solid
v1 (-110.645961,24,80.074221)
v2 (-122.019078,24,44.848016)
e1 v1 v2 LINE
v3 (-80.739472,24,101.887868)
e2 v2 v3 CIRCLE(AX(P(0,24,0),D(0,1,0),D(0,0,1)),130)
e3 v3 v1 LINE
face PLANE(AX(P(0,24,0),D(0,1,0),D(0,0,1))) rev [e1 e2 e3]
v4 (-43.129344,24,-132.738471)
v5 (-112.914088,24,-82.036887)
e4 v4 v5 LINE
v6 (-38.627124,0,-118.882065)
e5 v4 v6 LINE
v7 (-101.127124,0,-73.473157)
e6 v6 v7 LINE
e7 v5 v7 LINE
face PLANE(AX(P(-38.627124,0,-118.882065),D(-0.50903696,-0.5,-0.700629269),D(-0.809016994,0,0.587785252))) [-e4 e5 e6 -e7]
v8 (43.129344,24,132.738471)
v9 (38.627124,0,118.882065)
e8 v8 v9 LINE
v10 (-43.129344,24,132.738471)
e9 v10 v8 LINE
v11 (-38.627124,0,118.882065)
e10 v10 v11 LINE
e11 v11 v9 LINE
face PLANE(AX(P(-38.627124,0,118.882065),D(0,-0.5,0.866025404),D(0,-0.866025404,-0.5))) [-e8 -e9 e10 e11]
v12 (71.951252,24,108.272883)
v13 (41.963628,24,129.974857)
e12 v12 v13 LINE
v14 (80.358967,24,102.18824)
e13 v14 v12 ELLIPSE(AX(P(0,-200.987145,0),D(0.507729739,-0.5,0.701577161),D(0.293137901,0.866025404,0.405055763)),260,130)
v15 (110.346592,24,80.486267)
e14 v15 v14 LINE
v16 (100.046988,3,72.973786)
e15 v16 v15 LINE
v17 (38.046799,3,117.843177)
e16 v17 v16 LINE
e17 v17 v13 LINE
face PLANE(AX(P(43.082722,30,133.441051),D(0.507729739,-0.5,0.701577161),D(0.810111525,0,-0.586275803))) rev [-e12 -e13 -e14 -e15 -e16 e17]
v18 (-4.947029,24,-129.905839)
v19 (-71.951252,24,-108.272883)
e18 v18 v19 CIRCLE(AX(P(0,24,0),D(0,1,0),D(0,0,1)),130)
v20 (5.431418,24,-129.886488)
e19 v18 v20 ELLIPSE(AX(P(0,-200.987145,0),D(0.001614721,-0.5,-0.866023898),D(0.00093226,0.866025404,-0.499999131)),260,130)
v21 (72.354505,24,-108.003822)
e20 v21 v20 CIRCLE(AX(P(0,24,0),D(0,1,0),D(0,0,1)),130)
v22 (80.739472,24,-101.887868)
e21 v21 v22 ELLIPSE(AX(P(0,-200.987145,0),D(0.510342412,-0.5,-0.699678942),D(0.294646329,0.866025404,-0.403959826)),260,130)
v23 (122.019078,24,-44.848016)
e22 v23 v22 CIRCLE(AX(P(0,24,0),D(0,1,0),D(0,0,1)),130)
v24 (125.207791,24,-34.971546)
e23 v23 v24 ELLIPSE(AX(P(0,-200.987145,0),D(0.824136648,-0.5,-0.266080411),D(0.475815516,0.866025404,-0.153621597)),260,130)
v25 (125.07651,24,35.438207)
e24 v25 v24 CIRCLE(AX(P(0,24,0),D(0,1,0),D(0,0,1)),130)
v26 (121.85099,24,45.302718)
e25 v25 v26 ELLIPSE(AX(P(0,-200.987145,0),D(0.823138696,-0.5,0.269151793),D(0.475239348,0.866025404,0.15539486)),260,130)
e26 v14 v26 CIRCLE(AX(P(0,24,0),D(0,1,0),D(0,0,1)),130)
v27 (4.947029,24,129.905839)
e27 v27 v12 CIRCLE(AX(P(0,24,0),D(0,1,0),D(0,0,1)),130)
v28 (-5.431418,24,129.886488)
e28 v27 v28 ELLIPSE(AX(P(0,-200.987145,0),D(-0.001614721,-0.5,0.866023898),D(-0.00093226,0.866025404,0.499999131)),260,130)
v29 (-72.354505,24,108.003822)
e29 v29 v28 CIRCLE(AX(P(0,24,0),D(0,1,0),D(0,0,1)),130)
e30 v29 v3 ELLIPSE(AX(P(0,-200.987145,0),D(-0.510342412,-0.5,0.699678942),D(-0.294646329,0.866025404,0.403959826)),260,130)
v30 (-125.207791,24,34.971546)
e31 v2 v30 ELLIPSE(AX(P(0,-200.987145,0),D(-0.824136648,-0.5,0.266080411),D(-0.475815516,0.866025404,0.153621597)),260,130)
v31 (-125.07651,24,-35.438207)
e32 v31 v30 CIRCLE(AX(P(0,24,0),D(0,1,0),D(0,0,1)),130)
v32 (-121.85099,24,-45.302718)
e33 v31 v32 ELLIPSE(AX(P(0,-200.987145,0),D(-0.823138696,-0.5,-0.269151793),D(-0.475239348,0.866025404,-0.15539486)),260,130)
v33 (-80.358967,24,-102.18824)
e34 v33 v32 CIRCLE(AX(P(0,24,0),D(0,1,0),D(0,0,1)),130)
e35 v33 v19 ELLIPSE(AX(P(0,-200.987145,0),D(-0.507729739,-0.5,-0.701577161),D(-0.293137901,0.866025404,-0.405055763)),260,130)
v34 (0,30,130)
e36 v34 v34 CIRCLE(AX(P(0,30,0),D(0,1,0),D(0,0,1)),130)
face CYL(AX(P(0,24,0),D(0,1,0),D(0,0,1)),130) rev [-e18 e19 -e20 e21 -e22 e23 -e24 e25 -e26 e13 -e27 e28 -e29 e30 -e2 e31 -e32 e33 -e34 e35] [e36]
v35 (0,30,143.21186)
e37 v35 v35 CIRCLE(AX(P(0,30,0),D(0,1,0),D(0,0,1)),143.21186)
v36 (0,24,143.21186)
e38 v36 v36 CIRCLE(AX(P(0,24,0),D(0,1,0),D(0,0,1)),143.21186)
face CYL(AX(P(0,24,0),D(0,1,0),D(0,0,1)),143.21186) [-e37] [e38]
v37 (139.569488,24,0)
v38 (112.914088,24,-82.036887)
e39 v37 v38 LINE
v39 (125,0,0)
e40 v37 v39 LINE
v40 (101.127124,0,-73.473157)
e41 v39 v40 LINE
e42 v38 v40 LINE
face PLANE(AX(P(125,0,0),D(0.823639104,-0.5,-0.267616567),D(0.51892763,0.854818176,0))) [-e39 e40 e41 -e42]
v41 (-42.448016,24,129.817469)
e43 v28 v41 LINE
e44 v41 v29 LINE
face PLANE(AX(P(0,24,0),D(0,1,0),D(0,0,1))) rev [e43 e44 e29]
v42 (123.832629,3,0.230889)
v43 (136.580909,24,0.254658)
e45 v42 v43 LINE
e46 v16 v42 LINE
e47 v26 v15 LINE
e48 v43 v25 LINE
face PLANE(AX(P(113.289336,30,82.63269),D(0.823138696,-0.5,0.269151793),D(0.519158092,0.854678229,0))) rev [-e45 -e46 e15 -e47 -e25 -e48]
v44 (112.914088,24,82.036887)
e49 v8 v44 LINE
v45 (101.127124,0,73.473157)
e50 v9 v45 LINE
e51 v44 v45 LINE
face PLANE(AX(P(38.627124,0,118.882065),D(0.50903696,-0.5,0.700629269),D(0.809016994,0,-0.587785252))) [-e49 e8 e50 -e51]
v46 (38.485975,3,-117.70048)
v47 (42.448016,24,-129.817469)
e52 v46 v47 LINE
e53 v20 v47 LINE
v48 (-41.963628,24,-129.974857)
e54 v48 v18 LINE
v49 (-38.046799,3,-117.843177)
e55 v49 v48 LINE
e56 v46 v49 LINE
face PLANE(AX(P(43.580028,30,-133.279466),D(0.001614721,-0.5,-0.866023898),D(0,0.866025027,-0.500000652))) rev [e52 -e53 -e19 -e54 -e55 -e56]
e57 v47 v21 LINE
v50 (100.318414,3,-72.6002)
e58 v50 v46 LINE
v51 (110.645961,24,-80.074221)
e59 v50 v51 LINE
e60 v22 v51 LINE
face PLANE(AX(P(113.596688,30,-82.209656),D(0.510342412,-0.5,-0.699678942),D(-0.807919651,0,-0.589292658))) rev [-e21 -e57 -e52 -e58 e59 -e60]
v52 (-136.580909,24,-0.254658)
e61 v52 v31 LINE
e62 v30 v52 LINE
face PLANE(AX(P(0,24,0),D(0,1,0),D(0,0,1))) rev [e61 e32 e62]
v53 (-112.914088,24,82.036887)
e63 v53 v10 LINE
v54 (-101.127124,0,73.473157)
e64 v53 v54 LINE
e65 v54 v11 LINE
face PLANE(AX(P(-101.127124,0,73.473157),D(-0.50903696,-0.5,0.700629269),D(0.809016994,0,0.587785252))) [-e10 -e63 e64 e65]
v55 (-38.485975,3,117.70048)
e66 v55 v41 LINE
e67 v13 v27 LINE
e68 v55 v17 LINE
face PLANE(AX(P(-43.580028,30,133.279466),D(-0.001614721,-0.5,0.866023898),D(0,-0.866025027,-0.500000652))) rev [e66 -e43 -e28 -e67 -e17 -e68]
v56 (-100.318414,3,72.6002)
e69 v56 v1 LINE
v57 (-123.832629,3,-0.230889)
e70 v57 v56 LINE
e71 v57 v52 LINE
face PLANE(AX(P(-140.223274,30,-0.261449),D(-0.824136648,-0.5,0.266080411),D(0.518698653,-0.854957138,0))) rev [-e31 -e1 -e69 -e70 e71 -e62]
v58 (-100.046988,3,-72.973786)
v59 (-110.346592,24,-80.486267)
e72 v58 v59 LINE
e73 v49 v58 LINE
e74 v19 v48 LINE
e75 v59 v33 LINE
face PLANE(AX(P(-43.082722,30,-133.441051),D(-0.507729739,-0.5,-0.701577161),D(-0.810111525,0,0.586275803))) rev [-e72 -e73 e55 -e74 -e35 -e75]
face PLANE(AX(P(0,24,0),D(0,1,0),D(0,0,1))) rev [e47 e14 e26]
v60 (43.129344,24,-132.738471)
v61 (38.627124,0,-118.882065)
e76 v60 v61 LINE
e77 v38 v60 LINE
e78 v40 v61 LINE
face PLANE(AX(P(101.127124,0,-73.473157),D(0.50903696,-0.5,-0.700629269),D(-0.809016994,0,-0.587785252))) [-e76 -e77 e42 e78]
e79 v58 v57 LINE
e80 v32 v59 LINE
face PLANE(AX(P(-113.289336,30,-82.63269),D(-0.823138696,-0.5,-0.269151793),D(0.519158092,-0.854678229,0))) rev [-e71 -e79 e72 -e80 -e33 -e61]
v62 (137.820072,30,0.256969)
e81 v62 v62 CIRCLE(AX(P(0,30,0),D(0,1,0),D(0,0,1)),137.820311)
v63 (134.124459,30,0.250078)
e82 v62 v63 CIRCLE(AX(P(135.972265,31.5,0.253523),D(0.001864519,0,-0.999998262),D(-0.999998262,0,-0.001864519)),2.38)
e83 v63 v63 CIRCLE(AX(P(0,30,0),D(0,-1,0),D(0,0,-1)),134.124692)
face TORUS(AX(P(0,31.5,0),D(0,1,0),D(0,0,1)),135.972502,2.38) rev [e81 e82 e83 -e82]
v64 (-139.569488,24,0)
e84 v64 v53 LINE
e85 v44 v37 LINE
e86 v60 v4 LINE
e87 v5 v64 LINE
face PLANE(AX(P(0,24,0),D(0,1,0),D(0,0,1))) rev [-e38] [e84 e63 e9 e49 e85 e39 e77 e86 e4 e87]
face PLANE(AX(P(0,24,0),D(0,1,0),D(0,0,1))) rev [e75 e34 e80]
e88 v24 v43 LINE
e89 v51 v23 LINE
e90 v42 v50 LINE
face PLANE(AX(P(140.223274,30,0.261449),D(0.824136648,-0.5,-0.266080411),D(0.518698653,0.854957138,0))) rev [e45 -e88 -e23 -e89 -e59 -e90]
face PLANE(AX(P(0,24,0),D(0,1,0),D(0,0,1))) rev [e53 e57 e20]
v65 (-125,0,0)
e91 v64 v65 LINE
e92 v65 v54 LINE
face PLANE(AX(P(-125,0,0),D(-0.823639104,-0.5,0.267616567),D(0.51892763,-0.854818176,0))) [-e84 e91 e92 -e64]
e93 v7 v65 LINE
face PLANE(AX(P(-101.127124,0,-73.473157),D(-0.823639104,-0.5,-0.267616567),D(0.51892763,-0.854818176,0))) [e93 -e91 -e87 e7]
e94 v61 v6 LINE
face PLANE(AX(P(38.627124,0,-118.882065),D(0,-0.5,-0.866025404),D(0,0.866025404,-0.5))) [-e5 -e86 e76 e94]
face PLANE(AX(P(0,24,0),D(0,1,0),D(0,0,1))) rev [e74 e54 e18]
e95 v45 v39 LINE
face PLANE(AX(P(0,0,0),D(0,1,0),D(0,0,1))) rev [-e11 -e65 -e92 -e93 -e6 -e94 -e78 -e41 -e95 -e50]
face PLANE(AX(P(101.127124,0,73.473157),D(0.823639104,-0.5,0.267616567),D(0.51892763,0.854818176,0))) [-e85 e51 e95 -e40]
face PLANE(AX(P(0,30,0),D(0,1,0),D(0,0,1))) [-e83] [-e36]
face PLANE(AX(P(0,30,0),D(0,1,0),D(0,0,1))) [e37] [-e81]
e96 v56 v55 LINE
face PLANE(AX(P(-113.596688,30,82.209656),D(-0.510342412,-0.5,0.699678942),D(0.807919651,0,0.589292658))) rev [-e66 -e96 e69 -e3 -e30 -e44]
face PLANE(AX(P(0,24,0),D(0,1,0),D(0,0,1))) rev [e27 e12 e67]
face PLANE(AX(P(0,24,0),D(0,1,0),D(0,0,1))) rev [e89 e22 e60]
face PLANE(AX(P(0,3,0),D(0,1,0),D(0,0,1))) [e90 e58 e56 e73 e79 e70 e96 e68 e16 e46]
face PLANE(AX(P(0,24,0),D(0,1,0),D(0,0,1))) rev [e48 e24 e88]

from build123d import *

# Parameters (mm, degrees)
STAGE1EX_DEPTH      = 30
STAGE1EX_DRAFT      = -30
STAGE1IN_DEPTH      = 27
STAGE1IN_DRAFT      = -30
SKETCH8_R           = 143.211859946
SKETCH8_R_2         = 130
BOSS_EXTRUDE2_DEPTH = 6
SKETCH15_R          = 2.38


with BuildPart() as part:
    # Sketch4 → Stage1Ex (with draft: the straight prism first)
    with BuildSketch(Plane(origin=(0, 0, 0), x_dir=(1, 0, 0), z_dir=(0, 1, 0))):
        Polygon((38.627124297, -118.882064537), (101.127124297, -73.473156537), (125, 0), (101.127124297, 73.473156537), (38.627124297, 118.882064537), (-38.627124297, 118.882064537), (-101.127124297, 73.473156537), (-125, 0), (-101.127124297, -73.473156537), (-38.627124297, -118.882064537), align=None)
    extrude(amount=STAGE1EX_DEPTH)
    # Stage1Ex: the draft: its side faces are tilted about the plane it starts from
    stage1ex_sides = [part.faces().sort_by_distance(p)[0] for p in [
        (69.877124297, 15, 96.177610537),
        (113.063562148, 15, 36.736578268),
        (113.063562148, 15, -36.736578268),
        (69.877124297, 15, -96.177610537),
        (0, 15, -118.882064537),
        (-69.877124297, 15, -96.177610537),
        (-113.063562148, 15, -36.736578268),
        (-113.063562148, 15, 36.736578268),
        (-69.877124297, 15, 96.177610537),
        (0, 15, 118.882064537),
    ]]
    draft(stage1ex_sides, Plane(origin=(0, 0, 0), x_dir=(1, 0, 0), z_dir=(0, 1, 0)), STAGE1EX_DRAFT)


with BuildPart() as stage1in_tool:
    # Sketch7 → Stage1In (with draft: the straight prism first)
    with BuildSketch(Plane(origin=(0, 30, 0), x_dir=(1, 0, 0), z_dir=(0, 1, 0))):
        Polygon((-140.223274297, 0.261449456), (-113.596688048, -82.209655607), (-43.580027974, -133.279466431), (43.082721556, -133.441051082), (113.289335779, -82.632689713), (140.223274297, -0.261449456), (113.596688048, 82.209655607), (43.580027974, 133.279466431), (-43.082721556, 133.441051082), (-113.289335779, 82.632689713), align=None)
    extrude(amount=-STAGE1IN_DEPTH)
    # Stage1In: the draft: its side faces are tilted about the plane it starts from
    stage1in_sides = [stage1in_tool.faces().sort_by_distance(p)[0] for p in [
        (-126.909981172, 16.5, 40.974103075),
        (-78.588358011, 16.5, 107.744561019),
        (-0.248653209, 16.5, 133.360258757),
        (78.186028667, 16.5, 108.036870397),
        (126.756305038, 16.5, 41.447069585),
        (126.909981172, 16.5, -40.974103075),
        (78.588358011, 16.5, -107.744561019),
        (0.248653209, 16.5, -133.360258757),
        (-78.186028667, 16.5, -108.036870397),
        (-126.756305038, 16.5, -41.447069585),
    ]]
    draft(stage1in_sides, Plane(origin=(0, 30, 0), x_dir=(1, 0, 0), z_dir=(0, 1, 0)), STAGE1IN_DRAFT)


with BuildPart() as part_1:
    add(part.part)

    # Stage1In: cut by stage1in_tool
    add(stage1in_tool.part, mode=Mode.SUBTRACT)

    # Sketch8 → Boss-Extrude2 (add)
    with BuildSketch(Plane(origin=(0, 30, 0), x_dir=(1, 0, 0), z_dir=(0, 1, 0))):
        with Locations(Location((0, 0, 0), (0, 0, 270))):
            Circle(SKETCH8_R)
        with Locations(Location((0, 0, 0), (0, 0, 270))):
            Circle(SKETCH8_R_2, mode=Mode.SUBTRACT)
    extrude(amount=-BOSS_EXTRUDE2_DEPTH)

    # Cut-Sweep1: sweep along a path in Sketch14
    with BuildLine(Plane(origin=(0, 30, 0), x_dir=(1, 0, 0), z_dir=(0, 1, 0))) as cut_sweep1_path:
        CenterArc((0, 0), 136, 0, 360)
    # Sketch15 → Cut-Sweep1 (sweep, cut)
    with BuildSketch(Plane(origin=(0, 0, 0), x_dir=(-0.9999982617823745, 0, -0.0018645193026112638), z_dir=(0.0018645193026112638, 0, -0.9999982617823745))):
        with Locations((-135.972501612, 31.5)):
            Circle(SKETCH15_R)
    sweep(path=cut_sweep1_path.line, mode=Mode.SUBTRACT)


solid = part_1.part
